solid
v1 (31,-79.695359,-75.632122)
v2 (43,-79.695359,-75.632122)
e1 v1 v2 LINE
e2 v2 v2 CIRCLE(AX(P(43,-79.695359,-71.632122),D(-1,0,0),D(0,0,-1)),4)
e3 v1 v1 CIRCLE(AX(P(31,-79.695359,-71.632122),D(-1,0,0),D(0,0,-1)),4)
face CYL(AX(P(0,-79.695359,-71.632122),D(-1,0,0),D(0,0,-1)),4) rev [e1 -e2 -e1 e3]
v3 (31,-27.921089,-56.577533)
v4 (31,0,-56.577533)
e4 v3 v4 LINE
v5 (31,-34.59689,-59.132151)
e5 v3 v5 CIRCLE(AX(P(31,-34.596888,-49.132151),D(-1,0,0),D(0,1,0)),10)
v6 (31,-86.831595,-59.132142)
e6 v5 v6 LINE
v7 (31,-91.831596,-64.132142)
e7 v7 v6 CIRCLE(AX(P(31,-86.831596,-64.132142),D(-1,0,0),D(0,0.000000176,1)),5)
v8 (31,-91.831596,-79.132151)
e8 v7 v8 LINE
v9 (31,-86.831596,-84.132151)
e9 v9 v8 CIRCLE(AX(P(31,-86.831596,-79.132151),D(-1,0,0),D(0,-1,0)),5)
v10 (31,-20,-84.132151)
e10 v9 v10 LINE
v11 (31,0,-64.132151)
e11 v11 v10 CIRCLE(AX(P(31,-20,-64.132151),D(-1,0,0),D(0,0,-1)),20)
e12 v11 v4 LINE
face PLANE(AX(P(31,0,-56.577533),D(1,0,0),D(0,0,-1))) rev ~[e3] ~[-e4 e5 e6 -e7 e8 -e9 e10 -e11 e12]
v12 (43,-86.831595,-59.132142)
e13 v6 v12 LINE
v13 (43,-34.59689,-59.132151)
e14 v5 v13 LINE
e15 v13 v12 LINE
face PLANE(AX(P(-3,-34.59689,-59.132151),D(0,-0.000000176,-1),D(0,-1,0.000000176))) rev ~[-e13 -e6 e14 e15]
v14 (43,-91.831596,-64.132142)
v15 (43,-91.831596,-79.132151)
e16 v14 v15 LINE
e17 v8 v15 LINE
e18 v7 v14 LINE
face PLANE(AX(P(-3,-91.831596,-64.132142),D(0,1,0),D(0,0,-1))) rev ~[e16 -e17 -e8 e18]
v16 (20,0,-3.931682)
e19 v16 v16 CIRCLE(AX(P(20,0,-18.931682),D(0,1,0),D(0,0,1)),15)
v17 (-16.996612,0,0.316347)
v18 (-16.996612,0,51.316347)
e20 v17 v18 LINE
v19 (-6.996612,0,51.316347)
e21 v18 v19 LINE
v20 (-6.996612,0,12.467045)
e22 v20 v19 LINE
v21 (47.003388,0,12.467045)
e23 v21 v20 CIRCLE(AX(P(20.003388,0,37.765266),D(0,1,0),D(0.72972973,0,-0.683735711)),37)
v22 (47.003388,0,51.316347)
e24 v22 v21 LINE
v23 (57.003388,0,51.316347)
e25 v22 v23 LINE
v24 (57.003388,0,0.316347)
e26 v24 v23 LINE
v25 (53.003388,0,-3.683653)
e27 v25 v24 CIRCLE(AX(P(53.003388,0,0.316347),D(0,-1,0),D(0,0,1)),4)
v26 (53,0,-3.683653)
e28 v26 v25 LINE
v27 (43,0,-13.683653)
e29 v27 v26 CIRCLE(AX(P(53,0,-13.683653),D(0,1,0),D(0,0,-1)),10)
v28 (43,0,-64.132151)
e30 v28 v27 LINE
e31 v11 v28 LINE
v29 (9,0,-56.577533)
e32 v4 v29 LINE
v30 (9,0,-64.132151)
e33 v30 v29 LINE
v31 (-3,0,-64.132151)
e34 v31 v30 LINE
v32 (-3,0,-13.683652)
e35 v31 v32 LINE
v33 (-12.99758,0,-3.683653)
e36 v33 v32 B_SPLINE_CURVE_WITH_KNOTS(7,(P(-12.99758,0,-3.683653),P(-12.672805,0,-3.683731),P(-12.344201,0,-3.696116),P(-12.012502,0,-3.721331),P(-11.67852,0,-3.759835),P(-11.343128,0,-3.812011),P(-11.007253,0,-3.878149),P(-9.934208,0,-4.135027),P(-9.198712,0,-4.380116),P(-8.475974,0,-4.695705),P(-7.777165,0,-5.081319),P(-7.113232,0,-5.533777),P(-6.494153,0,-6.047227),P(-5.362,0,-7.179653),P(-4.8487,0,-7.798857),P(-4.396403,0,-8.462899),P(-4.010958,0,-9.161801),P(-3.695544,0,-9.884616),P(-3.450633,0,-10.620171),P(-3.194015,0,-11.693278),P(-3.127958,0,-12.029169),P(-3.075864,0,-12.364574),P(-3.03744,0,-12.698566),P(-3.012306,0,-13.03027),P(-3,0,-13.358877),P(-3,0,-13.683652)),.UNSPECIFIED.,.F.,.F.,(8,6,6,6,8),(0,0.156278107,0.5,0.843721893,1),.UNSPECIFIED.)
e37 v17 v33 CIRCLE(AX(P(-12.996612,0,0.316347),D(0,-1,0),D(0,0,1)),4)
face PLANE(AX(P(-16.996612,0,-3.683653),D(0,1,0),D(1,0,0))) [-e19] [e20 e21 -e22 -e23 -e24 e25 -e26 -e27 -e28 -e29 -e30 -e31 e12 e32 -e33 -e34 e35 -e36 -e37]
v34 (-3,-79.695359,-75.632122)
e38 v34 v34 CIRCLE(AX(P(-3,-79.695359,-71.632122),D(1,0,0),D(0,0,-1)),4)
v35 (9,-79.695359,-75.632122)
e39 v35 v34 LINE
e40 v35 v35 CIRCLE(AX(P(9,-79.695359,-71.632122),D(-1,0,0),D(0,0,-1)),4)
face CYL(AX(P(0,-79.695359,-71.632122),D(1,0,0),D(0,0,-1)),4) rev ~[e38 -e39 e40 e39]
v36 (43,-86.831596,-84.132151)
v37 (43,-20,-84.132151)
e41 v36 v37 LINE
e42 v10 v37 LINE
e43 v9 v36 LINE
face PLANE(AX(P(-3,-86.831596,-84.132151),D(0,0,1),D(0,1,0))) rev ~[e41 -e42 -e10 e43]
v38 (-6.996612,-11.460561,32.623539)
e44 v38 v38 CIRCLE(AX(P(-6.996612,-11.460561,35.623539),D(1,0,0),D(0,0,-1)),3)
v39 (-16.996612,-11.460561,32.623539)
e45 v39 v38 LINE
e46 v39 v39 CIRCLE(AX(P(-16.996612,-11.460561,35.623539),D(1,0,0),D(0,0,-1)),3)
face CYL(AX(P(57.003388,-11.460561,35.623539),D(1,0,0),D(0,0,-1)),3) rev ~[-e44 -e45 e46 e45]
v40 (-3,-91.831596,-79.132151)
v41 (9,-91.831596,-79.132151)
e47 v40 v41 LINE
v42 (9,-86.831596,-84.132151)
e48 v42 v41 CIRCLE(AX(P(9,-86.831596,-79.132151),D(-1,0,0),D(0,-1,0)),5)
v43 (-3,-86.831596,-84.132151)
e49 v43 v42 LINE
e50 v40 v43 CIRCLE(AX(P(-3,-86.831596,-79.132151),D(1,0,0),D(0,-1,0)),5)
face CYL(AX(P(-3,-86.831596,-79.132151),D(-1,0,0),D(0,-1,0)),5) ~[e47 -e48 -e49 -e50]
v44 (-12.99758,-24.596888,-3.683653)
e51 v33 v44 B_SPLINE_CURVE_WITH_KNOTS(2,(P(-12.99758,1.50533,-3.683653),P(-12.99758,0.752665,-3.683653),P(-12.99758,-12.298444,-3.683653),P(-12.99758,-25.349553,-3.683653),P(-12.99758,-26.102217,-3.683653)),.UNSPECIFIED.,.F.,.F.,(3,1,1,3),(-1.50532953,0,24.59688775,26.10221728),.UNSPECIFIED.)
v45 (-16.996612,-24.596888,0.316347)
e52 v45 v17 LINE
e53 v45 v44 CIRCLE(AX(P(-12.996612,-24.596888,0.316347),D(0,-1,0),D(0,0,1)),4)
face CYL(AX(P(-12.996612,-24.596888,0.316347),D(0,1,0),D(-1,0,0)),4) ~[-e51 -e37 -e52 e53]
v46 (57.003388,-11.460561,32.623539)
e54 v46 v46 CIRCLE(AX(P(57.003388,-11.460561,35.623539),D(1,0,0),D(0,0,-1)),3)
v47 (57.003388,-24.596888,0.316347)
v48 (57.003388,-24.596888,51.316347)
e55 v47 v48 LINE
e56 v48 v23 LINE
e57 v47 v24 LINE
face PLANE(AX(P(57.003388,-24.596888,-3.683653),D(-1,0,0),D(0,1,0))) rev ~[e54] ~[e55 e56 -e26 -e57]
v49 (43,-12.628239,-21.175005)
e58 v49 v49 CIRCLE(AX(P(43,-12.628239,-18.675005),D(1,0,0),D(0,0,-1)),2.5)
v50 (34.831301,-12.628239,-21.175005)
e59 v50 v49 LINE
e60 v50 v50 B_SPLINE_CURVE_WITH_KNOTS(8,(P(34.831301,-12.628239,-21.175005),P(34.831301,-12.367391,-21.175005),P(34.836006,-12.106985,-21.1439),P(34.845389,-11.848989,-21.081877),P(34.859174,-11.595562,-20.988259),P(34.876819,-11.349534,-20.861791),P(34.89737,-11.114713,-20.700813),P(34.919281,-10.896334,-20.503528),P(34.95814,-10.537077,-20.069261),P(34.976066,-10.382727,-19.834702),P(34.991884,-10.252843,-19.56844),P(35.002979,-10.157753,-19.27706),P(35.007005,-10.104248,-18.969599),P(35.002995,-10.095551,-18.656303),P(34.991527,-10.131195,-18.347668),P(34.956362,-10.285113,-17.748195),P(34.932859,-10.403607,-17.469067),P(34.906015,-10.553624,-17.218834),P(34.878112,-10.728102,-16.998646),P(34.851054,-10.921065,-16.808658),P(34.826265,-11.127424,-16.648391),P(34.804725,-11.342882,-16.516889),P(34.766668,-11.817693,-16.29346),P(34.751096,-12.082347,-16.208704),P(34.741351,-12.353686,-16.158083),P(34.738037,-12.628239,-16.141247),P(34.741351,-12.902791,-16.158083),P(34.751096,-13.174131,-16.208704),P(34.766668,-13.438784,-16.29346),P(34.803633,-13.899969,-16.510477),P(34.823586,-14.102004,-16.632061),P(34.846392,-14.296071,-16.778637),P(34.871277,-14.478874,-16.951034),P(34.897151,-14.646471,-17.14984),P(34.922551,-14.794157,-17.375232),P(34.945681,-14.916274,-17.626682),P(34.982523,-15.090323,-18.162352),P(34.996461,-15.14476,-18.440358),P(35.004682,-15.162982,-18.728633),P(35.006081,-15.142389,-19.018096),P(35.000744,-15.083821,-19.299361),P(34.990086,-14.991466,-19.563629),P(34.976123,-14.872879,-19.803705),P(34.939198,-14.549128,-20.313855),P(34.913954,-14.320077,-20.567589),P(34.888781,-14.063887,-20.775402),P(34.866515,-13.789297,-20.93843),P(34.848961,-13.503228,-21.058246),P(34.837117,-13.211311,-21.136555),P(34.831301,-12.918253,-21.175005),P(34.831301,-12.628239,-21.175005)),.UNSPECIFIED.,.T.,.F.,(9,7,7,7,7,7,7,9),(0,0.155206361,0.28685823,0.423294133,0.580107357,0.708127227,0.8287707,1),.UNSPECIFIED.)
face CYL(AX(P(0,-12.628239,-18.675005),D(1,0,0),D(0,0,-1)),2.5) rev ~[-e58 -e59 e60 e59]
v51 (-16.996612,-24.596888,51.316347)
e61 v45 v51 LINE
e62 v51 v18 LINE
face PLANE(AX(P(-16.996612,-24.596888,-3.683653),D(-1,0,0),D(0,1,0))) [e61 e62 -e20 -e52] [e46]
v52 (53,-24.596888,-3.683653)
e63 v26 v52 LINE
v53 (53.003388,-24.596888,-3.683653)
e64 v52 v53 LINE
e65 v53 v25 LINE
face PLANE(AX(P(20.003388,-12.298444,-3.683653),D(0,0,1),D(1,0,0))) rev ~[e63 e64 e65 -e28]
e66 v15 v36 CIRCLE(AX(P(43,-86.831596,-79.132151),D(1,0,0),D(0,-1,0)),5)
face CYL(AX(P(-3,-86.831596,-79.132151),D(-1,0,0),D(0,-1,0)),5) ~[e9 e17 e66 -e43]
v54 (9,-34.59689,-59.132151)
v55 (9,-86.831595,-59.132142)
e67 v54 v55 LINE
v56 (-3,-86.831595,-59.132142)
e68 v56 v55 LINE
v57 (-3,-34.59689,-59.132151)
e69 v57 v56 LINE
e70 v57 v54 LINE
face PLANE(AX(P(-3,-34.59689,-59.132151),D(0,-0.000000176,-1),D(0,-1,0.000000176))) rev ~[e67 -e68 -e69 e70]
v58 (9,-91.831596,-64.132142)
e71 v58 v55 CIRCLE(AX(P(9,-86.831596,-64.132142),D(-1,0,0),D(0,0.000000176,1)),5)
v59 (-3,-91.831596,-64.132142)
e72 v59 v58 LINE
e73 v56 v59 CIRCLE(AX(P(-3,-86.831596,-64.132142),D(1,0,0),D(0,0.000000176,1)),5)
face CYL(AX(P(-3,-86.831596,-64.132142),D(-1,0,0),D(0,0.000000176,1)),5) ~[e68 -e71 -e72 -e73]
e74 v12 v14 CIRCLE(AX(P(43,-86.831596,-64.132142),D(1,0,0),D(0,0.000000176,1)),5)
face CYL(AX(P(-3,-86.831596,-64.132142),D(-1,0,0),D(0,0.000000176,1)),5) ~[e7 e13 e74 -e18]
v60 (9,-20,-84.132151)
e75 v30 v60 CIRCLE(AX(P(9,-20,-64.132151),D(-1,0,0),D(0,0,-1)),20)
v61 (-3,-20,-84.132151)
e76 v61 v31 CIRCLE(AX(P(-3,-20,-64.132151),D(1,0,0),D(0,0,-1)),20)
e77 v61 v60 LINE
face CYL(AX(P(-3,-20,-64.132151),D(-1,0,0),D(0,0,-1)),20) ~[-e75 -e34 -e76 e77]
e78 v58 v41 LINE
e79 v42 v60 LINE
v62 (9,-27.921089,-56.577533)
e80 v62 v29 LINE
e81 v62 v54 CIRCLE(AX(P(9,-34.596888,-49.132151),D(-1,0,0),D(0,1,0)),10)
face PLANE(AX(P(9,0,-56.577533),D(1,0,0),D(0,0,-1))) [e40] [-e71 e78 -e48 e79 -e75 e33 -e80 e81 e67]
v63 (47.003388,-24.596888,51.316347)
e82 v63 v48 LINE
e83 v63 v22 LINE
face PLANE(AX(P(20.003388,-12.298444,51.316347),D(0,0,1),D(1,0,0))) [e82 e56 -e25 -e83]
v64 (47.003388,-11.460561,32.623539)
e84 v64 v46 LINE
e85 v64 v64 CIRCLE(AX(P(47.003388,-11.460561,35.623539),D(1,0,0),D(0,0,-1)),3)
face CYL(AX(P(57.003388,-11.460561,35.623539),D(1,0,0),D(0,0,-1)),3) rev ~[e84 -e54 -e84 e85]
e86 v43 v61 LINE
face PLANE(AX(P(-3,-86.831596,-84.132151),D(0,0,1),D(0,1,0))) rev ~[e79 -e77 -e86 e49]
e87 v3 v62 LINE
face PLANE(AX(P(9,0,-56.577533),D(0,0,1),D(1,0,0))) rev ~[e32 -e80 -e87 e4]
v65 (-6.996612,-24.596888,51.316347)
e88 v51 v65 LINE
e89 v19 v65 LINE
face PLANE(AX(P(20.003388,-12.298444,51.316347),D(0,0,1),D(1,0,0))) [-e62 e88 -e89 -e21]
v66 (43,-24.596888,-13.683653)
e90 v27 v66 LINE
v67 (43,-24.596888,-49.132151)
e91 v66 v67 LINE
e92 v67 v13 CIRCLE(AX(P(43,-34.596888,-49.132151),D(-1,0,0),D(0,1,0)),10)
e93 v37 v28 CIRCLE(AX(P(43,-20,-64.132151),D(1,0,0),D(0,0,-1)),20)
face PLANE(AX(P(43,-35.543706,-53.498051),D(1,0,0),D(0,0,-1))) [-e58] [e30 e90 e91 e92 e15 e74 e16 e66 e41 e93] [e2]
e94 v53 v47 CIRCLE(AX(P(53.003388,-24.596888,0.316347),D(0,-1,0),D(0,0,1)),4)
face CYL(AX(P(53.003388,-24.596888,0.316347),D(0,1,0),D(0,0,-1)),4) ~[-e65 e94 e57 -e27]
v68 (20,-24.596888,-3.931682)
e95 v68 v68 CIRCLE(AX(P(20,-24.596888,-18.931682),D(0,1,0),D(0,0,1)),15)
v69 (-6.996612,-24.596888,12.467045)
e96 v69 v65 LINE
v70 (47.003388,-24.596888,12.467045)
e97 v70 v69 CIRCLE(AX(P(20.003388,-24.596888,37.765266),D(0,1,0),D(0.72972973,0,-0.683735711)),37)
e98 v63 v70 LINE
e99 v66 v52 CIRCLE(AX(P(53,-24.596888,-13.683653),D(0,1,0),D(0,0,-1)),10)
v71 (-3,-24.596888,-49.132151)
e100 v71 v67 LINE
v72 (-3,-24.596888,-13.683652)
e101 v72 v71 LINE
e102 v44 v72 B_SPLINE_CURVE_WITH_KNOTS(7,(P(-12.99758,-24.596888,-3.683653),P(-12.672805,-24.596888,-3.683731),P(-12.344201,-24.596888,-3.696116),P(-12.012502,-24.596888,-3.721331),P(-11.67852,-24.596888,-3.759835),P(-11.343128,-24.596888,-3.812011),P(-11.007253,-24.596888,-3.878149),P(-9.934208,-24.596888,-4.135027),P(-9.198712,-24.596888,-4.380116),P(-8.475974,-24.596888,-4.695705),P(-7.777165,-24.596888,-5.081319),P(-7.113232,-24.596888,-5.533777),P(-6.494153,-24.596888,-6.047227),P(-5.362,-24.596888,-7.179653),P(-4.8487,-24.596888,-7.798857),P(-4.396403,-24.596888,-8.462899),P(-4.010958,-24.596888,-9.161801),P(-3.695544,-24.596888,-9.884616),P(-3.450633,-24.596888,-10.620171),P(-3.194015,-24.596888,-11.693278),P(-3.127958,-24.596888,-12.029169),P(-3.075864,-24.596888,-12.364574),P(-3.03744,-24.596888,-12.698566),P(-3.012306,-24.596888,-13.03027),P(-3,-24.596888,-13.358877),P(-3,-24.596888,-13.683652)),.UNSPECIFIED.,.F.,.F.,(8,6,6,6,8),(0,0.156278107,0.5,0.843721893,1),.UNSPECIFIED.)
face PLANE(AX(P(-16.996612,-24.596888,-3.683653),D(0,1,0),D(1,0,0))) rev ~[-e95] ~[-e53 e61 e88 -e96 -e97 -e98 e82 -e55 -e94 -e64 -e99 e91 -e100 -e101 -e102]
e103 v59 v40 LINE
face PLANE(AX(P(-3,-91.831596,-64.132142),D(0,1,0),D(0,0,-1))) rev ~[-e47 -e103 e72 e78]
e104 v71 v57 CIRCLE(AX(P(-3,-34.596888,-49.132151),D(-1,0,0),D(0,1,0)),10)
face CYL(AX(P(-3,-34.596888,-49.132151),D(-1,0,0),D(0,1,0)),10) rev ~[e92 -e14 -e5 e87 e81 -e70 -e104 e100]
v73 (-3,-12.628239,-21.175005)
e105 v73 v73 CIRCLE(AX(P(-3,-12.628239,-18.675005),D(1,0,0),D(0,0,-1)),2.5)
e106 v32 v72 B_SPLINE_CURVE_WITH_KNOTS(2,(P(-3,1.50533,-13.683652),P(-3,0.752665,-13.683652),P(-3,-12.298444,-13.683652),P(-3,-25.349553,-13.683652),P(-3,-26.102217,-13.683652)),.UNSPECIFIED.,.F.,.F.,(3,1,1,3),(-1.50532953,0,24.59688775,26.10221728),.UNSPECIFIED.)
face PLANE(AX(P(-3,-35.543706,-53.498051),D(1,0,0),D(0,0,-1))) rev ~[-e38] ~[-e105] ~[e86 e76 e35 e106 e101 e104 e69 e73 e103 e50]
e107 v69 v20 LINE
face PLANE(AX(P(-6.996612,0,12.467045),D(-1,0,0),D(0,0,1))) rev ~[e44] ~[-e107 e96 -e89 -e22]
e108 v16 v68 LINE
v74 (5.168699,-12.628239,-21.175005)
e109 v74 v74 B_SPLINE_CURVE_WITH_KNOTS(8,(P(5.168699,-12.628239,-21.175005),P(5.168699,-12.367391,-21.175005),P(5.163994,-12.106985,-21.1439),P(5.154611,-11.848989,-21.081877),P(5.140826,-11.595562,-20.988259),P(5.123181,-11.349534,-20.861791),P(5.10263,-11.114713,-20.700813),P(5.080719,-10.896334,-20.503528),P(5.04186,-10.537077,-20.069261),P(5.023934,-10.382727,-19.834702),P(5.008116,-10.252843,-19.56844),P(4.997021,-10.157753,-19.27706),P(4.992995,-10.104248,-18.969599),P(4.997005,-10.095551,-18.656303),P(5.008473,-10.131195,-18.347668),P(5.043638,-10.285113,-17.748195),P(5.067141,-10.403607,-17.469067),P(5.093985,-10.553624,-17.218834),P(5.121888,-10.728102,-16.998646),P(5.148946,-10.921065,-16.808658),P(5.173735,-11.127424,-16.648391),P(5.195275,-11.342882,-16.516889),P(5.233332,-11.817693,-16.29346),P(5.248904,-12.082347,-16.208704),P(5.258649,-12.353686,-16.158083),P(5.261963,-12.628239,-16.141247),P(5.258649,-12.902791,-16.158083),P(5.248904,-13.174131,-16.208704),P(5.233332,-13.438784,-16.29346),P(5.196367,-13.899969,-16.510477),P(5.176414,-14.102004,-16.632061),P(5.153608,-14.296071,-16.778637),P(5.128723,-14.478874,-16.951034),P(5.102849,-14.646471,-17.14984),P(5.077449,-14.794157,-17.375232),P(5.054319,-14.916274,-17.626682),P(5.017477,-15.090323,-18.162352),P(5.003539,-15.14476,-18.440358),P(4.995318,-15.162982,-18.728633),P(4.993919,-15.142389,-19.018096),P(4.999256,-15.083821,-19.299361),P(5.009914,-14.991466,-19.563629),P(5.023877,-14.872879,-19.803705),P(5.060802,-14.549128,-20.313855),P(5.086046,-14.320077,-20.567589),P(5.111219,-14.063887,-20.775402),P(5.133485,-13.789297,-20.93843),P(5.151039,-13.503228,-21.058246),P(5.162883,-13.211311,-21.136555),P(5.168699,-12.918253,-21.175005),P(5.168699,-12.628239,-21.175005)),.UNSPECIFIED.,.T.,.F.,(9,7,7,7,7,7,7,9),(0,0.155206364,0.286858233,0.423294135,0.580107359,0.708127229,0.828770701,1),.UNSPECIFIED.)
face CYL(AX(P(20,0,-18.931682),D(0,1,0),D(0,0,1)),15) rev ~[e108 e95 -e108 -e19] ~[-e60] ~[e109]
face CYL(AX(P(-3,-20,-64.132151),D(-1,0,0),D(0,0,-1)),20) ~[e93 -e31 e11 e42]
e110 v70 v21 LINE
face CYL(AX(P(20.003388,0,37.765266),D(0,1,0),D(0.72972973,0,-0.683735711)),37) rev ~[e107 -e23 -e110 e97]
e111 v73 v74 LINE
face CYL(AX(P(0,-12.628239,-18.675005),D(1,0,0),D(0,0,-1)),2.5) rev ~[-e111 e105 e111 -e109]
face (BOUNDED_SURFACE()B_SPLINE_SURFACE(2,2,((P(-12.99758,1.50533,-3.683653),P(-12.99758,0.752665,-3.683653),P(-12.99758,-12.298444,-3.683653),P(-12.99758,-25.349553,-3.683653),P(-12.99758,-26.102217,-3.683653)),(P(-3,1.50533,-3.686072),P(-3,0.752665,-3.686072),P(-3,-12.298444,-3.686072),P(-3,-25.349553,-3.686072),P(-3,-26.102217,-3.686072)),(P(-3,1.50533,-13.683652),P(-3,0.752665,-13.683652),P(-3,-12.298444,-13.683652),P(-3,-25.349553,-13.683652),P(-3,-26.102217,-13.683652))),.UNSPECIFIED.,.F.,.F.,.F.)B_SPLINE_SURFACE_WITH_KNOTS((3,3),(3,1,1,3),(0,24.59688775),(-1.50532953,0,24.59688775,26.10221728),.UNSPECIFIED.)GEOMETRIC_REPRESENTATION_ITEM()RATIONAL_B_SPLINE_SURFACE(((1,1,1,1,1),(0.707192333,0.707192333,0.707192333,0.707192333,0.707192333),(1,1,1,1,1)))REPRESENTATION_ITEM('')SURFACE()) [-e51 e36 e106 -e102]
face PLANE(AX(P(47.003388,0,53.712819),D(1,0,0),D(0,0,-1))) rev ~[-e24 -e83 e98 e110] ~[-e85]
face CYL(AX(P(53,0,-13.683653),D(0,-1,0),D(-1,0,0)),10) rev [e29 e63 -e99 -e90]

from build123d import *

# Parameters (mm, degrees)
EXTRUDE_START         = -3
EXTRUDE_1_DEPTH       = 46
SKETCH_2_R            = 15
SKETCH_2_W            = 22
SKETCH_2_H            = 41.003909118
CUT_EXTRUDE_2_DEPTH   = 120
SKETCH_3_R            = 4
SKETCH_3_R_2          = 2.5
CUT_EXTRUDE_1_DEPTH   = 55
SKETCH_4_W            = 74
SKETCH_4_H            = 24.59688775
EXTRUDE_3_DEPTH       = 55
CUT_EXTRUDE_2_2_DEPTH = 50
FILLET_2_R            = 4
SKETCH_7_R            = 3
CUT_EXTRUDE_3_DEPTH   = 90
FILLET_3_R            = 10


with BuildPart() as part:
    # Эскиз1 → Вытянуть1 (new body)
    with BuildSketch(Plane(origin=(0, 0, 0), x_dir=(0, 0, -1), z_dir=(1, 0, 0)).offset(EXTRUDE_START)):
        with BuildLine():
            Line((3.683652722, 0), (3.683652722, -24.59688775))
            Line((3.683652722, -24.59688775), (49.132150834, -24.59688775))
            ThreePointArc((49.132150834, -24.59688775), (56.203219269, -27.52582056), (59.132150834, -34.59688951))
            Line((59.132150834, -34.59688951), (59.132141638, -86.831595085))
            ThreePointArc((59.132141638, -86.831595085), (60.596607421, -90.36712956), (64.132141638, -91.831595966))
            Line((64.132141638, -91.831595966), (79.132150834, -91.831595966))
            ThreePointArc((79.132150834, -91.831595966), (82.66768474, -90.367129871), (84.132150834, -86.831595966))
            Line((84.132150834, -86.831595966), (84.132150834, -20))
            ThreePointArc((84.132150834, -20), (78.274286458, -5.857864376), (64.132150834, 0))
            Line((64.132150834, 0), (3.683652722, 0))
        make_face()
    extrude(amount=EXTRUDE_1_DEPTH)

    # Эскиз2 → Cut-Extrude 2 (cut, symmetric)
    with BuildSketch(Plane(origin=(0, 0, 0), x_dir=(1, 0, 0), z_dir=(0, 1, 0))):
        with Locations(Location((20, 18.931682227, 0), (0, 0, 270))):
            Circle(SKETCH_2_R)
        with Locations((20, 77.079487522)):
            Rectangle(SKETCH_2_W, SKETCH_2_H)
    extrude(amount=CUT_EXTRUDE_2_DEPTH, both=True, mode=Mode.SUBTRACT)

    # Эскиз3 → Вырез-Вытянуть1 (cut, symmetric)
    with BuildSketch(Plane(origin=(0, 0, 0), x_dir=(0, 0, -1), z_dir=(1, 0, 0))):
        with Locations((71.632122158, -79.695359499)):
            Circle(SKETCH_3_R)
        with Locations((18.675004926, -12.628238718)):
            Circle(SKETCH_3_R_2)
    extrude(amount=CUT_EXTRUDE_1_DEPTH, both=True, mode=Mode.SUBTRACT)

    # Эскиз4 → Вытянуть3 (add)
    with BuildSketch(Plane.XY.offset(-3.683652722)):
        with Locations((20.003387868, -12.298443875)):
            Rectangle(SKETCH_4_W, SKETCH_4_H)
    extrude(amount=EXTRUDE_3_DEPTH)

    # Эскиз6 → Cut-Extrude 2 2 (cut, symmetric)
    with BuildSketch(Plane(origin=(0, 0, 0), x_dir=(1, 0, 0), z_dir=(0, 1, 0))):
        with BuildLine():
            Line((47.003387868, -53.712819086), (47.003387868, -12.467045061))
            ThreePointArc((47.003387868, -12.467045061), (20.003387863, -0.765266352), (-6.996612132, -12.467045083))
            Line((-6.996612132, -12.467045083), (-6.996612132, -53.712819086))
            Line((-6.996612132, -53.712819086), (47.003387868, -53.712819086))
        make_face()
    extrude(amount=CUT_EXTRUDE_2_2_DEPTH, both=True, mode=Mode.SUBTRACT)

    # Скругление2
    fillet_2_edges = [part.edges().sort_by_distance(p)[0] for p in [
        (57.003387868, -12.298443875, -3.683652722),
        (-16.996612132, -12.298443875, -3.683652722),
    ]]
    fillet(fillet_2_edges, radius=FILLET_2_R)

    # Эскиз7 → Вырез-Вытянуть3 (cut, symmetric)
    with BuildSketch(Plane(origin=(57.003387868, 0, 0), x_dir=(0, 0, -1), z_dir=(1, 0, 0))):
        with Locations((-35.623538585, -11.460561108)):
            Circle(SKETCH_7_R)
    extrude(amount=CUT_EXTRUDE_3_DEPTH, both=True, mode=Mode.SUBTRACT)

    # Скругление3
    fillet_3_edges = [part.edges().sort_by_distance(p)[0] for p in [
        (-3, -12.298443875, -3.683652722),
        (43, -12.298443875, -3.683652722),
    ]]
    fillet(fillet_3_edges, radius=FILLET_3_R)


solid = part.part
